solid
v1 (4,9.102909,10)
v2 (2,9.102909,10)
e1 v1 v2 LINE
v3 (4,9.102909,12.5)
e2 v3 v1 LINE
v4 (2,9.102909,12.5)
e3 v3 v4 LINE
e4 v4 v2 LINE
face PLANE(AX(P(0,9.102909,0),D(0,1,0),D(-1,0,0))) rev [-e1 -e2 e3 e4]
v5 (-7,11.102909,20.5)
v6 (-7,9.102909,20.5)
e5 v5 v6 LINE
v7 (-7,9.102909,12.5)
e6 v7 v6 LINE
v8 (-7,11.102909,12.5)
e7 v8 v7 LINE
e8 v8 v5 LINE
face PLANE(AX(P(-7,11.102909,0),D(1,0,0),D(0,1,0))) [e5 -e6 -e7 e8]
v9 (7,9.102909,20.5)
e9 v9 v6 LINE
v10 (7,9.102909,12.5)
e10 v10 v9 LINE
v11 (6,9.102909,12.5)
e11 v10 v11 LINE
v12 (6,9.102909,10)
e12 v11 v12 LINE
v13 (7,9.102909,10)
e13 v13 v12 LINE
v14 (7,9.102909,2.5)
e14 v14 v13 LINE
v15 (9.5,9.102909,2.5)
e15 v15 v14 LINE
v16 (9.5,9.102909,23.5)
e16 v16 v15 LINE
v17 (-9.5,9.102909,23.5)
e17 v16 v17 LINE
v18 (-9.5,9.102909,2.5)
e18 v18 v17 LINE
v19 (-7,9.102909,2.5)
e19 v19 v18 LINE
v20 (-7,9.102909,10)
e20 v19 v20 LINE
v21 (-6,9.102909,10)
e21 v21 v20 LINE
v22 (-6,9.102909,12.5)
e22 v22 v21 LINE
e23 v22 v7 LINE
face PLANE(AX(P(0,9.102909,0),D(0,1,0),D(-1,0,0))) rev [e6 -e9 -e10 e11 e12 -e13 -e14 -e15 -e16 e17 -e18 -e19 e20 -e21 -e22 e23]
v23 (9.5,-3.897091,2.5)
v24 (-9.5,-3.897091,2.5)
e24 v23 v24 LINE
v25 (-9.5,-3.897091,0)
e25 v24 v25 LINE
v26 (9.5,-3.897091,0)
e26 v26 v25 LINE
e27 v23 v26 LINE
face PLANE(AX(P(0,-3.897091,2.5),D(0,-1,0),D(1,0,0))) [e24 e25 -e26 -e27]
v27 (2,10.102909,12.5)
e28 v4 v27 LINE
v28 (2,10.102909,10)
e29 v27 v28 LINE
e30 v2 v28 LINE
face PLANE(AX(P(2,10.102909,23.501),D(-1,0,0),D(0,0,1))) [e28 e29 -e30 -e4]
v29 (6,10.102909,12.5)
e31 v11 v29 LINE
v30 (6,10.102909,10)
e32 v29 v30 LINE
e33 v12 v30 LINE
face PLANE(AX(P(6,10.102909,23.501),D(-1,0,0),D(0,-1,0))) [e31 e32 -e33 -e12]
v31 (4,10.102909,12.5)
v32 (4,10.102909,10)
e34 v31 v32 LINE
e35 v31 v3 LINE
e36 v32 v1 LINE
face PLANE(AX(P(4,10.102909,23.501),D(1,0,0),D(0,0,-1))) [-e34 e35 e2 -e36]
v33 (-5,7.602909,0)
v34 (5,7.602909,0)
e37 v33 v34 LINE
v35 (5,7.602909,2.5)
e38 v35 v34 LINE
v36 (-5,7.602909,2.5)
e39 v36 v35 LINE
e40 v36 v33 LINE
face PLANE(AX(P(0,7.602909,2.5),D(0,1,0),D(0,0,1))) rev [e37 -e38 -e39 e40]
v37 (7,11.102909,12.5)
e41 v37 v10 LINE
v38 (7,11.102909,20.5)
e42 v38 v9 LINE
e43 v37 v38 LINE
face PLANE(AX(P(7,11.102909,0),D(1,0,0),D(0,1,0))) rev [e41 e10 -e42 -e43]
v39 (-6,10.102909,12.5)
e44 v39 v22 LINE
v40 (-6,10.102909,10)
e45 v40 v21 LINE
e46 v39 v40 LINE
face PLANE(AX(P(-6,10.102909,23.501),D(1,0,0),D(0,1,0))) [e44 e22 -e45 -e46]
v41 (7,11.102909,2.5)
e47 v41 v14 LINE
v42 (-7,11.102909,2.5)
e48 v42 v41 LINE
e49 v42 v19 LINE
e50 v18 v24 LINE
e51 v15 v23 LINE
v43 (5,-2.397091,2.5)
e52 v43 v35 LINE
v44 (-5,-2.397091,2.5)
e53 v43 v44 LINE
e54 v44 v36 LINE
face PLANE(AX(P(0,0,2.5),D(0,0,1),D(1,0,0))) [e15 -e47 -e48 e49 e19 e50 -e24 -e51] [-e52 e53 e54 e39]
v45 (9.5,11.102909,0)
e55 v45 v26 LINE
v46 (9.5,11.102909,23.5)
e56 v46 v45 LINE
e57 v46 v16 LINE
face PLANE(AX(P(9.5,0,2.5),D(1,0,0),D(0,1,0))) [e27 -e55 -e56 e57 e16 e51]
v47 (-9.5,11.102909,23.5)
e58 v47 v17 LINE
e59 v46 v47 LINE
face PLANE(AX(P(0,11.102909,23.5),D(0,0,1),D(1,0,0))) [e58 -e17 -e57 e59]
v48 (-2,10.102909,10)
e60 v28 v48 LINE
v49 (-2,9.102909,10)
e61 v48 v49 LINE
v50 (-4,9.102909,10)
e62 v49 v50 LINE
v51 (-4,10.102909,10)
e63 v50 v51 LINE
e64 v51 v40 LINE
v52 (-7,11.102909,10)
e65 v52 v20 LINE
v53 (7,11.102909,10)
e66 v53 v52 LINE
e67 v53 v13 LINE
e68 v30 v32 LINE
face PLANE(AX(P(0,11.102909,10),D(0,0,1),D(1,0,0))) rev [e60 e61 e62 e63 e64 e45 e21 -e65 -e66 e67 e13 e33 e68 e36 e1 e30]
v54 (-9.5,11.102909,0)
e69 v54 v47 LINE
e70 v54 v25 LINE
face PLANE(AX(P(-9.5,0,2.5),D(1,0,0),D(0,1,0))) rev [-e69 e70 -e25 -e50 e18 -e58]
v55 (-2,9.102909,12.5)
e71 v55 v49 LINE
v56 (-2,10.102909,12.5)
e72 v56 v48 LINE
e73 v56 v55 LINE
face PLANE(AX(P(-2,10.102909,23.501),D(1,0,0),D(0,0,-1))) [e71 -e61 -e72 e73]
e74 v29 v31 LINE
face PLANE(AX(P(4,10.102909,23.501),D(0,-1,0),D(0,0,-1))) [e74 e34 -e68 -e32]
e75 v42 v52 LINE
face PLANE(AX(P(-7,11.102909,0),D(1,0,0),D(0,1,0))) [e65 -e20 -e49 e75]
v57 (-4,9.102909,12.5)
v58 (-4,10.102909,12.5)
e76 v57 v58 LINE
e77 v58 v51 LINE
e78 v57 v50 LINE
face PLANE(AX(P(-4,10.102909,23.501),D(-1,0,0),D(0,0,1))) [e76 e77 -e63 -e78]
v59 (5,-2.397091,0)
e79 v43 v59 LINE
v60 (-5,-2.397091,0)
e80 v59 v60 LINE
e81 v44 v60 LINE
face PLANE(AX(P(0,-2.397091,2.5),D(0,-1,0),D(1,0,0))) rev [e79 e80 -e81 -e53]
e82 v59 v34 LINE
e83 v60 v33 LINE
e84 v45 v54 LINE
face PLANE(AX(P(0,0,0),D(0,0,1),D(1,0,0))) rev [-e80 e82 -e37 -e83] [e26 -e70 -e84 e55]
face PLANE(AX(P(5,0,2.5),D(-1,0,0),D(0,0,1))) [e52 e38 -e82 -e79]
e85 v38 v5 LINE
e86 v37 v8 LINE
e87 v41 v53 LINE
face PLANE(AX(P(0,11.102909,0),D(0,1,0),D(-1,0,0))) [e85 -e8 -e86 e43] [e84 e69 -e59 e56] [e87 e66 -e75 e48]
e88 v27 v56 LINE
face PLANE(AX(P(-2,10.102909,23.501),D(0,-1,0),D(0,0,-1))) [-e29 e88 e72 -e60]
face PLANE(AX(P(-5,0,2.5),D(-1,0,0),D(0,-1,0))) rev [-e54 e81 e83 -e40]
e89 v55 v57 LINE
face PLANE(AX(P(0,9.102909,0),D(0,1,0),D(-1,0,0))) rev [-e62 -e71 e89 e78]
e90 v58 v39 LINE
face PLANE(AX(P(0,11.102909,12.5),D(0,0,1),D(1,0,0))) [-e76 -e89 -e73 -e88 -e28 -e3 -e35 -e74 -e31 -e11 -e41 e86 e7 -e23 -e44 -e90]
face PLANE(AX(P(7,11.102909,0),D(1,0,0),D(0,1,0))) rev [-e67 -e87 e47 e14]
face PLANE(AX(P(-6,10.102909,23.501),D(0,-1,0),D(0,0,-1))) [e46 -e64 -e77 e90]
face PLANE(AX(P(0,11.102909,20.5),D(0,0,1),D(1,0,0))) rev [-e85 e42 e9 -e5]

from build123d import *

# Parameters (mm, degrees)
SKETCH_3_W          = 10
SKETCH_3_H          = 1.5
EXTRUDE_1_DEPTH     = 2.5
EXTRUDE_2_DEPTH     = 2
CUT_EXTRUDE_1_REACH = 27.584
SKETCH_6_W          = 2
SKETCH_6_H          = 1
SKETCH_6_W_2        = 4


with BuildPart() as part:
    # 草图3 → 凸台-拉伸1 (new body)
    with BuildSketch(Plane.XY):
        Polygon((5, 7.602908894), (5, -2.397091106), (-5, -2.397091106), (-5, 7.602908894), (-5, 9.102908894), (-9.5, 9.102908894), (-9.5, -3.897091106), (9.5, -3.897091106), (9.5, 9.102908894), (5, 9.102908894), align=None)
        with Locations((0, 8.352908894)):
            Rectangle(SKETCH_3_W, SKETCH_3_H)
    extrude(amount=EXTRUDE_1_DEPTH)

    # 草图4 → 凸台-拉伸2 (add)
    with BuildSketch(Plane(origin=(0, 9.102908894, 0), x_dir=(1, 0, 0), z_dir=(0, 1, 0))):
        Polygon((9.5, -2.5), (9.5, 0), (0, 0), (0, -2.5), (7, -2.5), align=None)
        Polygon((0, -2.5), (0, 0), (-9.5, 0), (-9.5, -2.5), (-7, -2.5), align=None)
        Polygon((-7, -2.5), (-9.5, -2.5), (-9.5, -23.5), (0, -23.5), (0, -20.5), (-7, -20.5), (-7, -12.5), (0, -12.5), (0, -10), (-7, -10), align=None)
        Polygon((9.5, -23.5), (9.5, -2.5), (7, -2.5), (7, -10), (0, -10), (0, -12.5), (7, -12.5), (7, -20.5), (0, -20.5), (0, -23.5), align=None)
    extrude(amount=EXTRUDE_2_DEPTH)

    # 草图6 → 切除-拉伸1 (cut, up to next)
    with BuildSketch(Plane.XY.offset(2.5), mode=Mode.PRIVATE) as cut_extrude_1_sk1:
        with Locations((-5, 9.602908894)):
            Rectangle(SKETCH_6_W, SKETCH_6_H)
    cut_extrude_1_tool1 = extrude(cut_extrude_1_sk1.sketch, amount=CUT_EXTRUDE_1_REACH, mode=Mode.PRIVATE) & part.part
    # 草图6 → 切除-拉伸1 (cut, up to next)
    with BuildSketch(Plane.XY.offset(2.5), mode=Mode.PRIVATE) as cut_extrude_1_sk2:
        with Locations((5, 9.602908894)):
            Rectangle(SKETCH_6_W, SKETCH_6_H)
    cut_extrude_1_tool2 = extrude(cut_extrude_1_sk2.sketch, amount=CUT_EXTRUDE_1_REACH, mode=Mode.PRIVATE) & part.part
    # 草图6 → 切除-拉伸1 (cut, up to next)
    with BuildSketch(Plane.XY.offset(2.5), mode=Mode.PRIVATE) as cut_extrude_1_sk3:
        with Locations((0, 9.602908894)):
            Rectangle(SKETCH_6_W_2, SKETCH_6_H)
    cut_extrude_1_tool3 = extrude(cut_extrude_1_sk3.sketch, amount=CUT_EXTRUDE_1_REACH, mode=Mode.PRIVATE) & part.part
    add(cut_extrude_1_tool1.solids().sort_by_distance((-5, 9.602909, 2.5))[0], mode=Mode.SUBTRACT)
    add(cut_extrude_1_tool2.solids().sort_by_distance((5, 9.602909, 2.5))[0], mode=Mode.SUBTRACT)
    add(cut_extrude_1_tool3.solids().sort_by_distance((0, 9.602909, 2.5))[0], mode=Mode.SUBTRACT)


solid = part.part
